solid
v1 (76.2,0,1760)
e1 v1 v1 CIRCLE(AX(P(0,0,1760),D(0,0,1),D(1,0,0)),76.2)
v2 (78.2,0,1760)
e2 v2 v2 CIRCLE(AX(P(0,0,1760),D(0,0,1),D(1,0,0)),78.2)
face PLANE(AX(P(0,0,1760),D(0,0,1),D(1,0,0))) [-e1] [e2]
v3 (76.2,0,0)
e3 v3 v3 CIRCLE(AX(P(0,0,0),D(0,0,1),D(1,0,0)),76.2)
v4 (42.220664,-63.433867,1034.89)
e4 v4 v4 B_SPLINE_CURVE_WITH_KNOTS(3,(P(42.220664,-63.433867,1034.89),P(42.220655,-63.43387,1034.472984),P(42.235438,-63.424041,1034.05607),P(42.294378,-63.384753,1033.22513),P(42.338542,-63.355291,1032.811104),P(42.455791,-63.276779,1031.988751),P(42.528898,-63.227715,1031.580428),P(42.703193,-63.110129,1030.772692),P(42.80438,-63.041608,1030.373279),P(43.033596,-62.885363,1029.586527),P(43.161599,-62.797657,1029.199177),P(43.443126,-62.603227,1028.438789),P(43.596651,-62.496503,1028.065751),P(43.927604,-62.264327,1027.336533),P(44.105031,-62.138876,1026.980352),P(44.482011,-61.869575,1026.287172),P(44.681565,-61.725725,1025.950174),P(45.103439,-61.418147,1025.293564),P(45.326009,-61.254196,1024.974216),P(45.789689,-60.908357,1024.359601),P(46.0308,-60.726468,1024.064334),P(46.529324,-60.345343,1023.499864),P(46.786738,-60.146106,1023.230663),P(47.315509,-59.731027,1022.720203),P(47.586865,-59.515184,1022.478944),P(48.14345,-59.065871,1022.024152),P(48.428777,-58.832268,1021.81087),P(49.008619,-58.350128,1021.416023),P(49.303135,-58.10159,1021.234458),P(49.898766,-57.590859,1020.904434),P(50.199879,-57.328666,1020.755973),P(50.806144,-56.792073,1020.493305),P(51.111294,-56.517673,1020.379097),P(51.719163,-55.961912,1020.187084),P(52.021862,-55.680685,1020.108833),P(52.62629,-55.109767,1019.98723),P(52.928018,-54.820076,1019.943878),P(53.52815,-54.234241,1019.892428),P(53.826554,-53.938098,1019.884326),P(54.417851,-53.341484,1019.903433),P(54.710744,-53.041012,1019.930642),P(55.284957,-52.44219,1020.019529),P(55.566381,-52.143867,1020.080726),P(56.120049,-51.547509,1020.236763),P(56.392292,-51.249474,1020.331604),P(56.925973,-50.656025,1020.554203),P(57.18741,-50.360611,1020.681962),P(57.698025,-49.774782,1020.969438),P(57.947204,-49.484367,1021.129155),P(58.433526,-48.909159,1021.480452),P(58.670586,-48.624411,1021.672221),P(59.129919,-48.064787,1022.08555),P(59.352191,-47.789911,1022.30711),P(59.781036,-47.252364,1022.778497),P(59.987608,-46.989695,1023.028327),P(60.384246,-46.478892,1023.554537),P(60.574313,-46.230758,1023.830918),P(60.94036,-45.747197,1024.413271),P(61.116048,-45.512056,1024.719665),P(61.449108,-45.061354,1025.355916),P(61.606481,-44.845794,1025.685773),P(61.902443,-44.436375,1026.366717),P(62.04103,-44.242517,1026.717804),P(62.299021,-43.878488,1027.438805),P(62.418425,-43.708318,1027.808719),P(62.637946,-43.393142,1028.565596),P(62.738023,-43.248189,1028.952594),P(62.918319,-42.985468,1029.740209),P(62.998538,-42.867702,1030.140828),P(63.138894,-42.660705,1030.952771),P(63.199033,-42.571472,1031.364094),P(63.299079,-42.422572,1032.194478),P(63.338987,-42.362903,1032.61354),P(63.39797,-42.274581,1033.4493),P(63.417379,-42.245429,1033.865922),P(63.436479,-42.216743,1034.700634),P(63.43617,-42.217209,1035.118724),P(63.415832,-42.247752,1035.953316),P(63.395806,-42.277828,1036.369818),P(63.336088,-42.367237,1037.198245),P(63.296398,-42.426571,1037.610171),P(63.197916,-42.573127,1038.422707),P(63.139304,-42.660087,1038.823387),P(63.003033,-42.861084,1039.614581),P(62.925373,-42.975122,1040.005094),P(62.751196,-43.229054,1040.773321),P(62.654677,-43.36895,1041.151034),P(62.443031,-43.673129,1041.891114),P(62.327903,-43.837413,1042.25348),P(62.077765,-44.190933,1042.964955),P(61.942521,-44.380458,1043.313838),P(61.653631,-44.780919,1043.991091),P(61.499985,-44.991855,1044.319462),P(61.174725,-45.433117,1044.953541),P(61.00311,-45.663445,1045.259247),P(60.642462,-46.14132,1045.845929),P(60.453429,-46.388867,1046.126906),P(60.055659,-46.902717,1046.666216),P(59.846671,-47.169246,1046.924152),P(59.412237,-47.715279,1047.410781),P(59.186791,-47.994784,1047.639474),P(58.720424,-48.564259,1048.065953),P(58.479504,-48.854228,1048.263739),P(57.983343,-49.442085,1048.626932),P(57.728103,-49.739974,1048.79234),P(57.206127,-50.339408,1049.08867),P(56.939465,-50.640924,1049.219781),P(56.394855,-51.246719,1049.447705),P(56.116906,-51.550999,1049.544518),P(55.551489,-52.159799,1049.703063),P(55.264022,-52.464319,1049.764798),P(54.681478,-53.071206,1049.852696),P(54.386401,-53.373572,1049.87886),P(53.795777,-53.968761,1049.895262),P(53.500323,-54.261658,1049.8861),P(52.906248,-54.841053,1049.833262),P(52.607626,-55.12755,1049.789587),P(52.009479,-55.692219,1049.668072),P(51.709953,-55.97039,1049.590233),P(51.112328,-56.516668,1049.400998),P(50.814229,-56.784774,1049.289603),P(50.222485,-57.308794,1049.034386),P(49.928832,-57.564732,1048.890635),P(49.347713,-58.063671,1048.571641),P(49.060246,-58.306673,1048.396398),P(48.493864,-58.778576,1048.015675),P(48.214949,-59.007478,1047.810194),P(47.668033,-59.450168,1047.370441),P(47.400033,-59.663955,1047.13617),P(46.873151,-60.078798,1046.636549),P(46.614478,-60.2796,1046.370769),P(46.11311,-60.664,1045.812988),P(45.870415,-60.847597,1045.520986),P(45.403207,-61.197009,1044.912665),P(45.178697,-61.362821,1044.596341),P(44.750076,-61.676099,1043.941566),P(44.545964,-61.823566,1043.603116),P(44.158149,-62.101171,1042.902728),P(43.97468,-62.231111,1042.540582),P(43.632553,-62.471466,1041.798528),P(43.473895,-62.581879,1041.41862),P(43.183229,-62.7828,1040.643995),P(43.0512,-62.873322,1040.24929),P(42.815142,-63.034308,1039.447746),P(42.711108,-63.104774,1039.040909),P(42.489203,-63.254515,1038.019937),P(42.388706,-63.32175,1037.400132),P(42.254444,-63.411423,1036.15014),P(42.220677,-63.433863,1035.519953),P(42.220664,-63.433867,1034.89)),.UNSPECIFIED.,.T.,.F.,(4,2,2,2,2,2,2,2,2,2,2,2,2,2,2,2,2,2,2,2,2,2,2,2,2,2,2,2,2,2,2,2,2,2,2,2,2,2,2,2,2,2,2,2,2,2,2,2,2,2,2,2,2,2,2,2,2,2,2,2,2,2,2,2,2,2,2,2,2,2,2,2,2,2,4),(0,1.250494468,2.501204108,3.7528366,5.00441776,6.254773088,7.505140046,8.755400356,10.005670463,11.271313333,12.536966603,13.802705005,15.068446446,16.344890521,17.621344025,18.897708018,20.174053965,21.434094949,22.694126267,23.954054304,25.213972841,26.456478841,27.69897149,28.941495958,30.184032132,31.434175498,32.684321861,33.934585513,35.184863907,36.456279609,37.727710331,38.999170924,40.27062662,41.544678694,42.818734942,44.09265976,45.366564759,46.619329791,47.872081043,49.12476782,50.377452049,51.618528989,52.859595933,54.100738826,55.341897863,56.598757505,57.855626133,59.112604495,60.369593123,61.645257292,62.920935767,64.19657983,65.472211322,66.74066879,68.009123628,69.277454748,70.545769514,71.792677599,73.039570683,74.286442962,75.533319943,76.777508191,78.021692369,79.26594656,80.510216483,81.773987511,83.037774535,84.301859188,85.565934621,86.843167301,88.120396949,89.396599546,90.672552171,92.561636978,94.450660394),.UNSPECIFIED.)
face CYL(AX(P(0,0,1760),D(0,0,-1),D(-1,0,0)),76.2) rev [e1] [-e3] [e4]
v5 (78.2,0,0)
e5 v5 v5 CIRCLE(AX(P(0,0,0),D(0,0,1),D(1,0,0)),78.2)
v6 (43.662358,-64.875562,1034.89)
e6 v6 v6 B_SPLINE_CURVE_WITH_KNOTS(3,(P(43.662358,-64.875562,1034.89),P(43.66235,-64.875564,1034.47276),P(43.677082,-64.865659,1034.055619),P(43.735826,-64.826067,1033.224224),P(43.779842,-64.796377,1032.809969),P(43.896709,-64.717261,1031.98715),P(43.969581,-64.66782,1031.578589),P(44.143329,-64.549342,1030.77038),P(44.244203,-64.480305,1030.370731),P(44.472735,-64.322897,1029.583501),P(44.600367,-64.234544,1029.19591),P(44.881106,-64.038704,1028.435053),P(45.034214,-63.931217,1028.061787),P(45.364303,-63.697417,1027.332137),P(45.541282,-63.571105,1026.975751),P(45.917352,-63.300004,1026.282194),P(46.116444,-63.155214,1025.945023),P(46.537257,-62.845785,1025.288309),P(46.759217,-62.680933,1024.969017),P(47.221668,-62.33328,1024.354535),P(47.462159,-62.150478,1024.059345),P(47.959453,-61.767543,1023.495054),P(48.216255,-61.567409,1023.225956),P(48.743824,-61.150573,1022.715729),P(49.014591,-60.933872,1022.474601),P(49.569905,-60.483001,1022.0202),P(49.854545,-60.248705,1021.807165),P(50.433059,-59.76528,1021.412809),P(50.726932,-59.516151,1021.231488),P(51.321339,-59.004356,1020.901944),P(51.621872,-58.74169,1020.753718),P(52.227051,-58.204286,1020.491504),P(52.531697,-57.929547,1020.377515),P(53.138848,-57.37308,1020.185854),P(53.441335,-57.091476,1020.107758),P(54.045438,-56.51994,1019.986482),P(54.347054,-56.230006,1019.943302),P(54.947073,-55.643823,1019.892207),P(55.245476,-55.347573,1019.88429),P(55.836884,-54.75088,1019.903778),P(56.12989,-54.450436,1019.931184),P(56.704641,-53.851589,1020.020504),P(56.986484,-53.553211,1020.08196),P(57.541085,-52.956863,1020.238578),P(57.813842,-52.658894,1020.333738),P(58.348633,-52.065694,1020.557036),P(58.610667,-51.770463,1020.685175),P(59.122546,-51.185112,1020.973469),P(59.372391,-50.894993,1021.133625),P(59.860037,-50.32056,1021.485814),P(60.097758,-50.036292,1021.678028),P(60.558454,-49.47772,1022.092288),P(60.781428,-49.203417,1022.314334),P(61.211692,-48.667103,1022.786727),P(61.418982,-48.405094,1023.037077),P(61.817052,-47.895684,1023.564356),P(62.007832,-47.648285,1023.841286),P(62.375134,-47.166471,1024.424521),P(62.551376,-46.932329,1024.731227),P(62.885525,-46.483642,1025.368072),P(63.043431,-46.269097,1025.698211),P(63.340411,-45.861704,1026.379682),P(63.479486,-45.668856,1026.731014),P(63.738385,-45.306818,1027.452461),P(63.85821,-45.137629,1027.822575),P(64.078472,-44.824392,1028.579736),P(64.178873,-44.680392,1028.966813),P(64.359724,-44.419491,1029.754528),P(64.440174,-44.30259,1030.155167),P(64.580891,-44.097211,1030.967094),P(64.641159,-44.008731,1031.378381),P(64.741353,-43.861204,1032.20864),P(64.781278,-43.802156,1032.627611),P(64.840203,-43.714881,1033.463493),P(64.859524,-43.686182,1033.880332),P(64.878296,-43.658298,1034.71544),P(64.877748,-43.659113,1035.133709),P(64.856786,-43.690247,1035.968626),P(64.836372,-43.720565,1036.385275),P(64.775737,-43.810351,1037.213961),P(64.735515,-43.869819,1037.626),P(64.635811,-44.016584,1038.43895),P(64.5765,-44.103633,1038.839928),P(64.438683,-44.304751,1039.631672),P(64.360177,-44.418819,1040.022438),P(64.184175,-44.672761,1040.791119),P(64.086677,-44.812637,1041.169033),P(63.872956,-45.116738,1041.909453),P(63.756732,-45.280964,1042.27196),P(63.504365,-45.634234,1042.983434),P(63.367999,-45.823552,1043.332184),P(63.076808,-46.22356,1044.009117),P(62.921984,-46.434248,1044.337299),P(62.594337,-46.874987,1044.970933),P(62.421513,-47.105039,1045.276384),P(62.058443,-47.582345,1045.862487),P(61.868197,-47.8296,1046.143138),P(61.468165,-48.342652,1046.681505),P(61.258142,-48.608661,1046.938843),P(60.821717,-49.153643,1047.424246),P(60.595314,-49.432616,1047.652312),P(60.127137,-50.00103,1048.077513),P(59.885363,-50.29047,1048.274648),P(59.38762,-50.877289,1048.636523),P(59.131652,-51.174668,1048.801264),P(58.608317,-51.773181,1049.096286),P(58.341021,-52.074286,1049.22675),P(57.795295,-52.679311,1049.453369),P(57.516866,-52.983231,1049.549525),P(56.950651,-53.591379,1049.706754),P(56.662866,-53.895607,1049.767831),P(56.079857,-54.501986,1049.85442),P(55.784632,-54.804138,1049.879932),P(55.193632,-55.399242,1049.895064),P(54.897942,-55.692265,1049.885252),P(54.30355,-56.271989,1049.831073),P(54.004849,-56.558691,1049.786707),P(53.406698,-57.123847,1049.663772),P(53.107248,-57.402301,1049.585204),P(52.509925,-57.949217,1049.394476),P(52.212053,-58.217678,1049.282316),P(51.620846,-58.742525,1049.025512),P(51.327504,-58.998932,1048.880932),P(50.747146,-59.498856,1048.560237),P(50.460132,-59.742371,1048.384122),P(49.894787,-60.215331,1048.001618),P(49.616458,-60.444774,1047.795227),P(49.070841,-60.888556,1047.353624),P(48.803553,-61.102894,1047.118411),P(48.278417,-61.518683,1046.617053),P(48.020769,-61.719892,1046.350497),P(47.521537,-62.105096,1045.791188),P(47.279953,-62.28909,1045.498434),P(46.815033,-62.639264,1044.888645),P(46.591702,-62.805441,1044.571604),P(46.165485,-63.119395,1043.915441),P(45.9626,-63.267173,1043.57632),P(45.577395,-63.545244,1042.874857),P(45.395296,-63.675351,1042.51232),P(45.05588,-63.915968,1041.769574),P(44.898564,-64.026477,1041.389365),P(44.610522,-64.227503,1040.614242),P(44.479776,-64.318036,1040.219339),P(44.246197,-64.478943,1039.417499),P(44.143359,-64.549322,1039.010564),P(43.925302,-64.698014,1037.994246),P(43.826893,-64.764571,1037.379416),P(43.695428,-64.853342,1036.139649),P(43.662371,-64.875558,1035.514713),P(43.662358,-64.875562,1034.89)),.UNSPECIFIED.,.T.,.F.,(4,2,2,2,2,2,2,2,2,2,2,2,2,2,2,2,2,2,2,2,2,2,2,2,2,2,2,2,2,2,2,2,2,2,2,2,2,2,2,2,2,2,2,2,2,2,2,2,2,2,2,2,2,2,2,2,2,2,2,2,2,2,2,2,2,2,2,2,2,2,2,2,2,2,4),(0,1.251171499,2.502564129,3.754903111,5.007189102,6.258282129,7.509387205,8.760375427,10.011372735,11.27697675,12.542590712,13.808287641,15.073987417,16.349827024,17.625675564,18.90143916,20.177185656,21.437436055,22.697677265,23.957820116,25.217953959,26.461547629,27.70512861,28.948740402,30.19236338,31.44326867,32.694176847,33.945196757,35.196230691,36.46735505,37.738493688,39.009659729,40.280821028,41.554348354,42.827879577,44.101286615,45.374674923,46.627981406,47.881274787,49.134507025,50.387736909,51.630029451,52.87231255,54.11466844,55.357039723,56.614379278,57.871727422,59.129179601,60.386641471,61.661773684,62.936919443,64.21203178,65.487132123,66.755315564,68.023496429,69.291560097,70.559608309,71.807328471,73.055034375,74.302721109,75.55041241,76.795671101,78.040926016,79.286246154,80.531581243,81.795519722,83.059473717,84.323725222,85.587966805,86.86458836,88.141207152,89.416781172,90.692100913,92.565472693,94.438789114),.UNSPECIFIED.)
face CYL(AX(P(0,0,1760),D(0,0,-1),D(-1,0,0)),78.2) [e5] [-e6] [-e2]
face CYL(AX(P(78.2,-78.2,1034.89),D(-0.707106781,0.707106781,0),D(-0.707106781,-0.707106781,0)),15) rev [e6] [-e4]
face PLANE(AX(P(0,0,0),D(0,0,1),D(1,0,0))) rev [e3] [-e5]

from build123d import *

# Parameters (mm, degrees)
SKETCH1_R           = 78.2
SKETCH1_R_2         = 76.2
BOSS_EXTRUDE1_DEPTH = 1760
SKETCH5_R           = 15
CUT_EXTRUDE2_DEPTH  = 1764.471145213


with BuildPart() as part:
    # Sketch1 → Boss-Extrude1 (new body)
    with BuildSketch(Plane.XY):
        Circle(SKETCH1_R)
        Circle(SKETCH1_R_2, mode=Mode.SUBTRACT)
    extrude(amount=BOSS_EXTRUDE1_DEPTH)

    # Sketch5 → Cut-Extrude2 (cut, through all)
    with BuildSketch(Plane(origin=(0, 0, 0), x_dir=(0, 0, -1), z_dir=(0.7071067811865489, -0.7071067811865462, 0))):
        with Locations(Location((-1034.89, 0, 0), (0, 0, 270))):
            Circle(SKETCH5_R)
    extrude(amount=CUT_EXTRUDE2_DEPTH, mode=Mode.SUBTRACT)


solid = part.part
